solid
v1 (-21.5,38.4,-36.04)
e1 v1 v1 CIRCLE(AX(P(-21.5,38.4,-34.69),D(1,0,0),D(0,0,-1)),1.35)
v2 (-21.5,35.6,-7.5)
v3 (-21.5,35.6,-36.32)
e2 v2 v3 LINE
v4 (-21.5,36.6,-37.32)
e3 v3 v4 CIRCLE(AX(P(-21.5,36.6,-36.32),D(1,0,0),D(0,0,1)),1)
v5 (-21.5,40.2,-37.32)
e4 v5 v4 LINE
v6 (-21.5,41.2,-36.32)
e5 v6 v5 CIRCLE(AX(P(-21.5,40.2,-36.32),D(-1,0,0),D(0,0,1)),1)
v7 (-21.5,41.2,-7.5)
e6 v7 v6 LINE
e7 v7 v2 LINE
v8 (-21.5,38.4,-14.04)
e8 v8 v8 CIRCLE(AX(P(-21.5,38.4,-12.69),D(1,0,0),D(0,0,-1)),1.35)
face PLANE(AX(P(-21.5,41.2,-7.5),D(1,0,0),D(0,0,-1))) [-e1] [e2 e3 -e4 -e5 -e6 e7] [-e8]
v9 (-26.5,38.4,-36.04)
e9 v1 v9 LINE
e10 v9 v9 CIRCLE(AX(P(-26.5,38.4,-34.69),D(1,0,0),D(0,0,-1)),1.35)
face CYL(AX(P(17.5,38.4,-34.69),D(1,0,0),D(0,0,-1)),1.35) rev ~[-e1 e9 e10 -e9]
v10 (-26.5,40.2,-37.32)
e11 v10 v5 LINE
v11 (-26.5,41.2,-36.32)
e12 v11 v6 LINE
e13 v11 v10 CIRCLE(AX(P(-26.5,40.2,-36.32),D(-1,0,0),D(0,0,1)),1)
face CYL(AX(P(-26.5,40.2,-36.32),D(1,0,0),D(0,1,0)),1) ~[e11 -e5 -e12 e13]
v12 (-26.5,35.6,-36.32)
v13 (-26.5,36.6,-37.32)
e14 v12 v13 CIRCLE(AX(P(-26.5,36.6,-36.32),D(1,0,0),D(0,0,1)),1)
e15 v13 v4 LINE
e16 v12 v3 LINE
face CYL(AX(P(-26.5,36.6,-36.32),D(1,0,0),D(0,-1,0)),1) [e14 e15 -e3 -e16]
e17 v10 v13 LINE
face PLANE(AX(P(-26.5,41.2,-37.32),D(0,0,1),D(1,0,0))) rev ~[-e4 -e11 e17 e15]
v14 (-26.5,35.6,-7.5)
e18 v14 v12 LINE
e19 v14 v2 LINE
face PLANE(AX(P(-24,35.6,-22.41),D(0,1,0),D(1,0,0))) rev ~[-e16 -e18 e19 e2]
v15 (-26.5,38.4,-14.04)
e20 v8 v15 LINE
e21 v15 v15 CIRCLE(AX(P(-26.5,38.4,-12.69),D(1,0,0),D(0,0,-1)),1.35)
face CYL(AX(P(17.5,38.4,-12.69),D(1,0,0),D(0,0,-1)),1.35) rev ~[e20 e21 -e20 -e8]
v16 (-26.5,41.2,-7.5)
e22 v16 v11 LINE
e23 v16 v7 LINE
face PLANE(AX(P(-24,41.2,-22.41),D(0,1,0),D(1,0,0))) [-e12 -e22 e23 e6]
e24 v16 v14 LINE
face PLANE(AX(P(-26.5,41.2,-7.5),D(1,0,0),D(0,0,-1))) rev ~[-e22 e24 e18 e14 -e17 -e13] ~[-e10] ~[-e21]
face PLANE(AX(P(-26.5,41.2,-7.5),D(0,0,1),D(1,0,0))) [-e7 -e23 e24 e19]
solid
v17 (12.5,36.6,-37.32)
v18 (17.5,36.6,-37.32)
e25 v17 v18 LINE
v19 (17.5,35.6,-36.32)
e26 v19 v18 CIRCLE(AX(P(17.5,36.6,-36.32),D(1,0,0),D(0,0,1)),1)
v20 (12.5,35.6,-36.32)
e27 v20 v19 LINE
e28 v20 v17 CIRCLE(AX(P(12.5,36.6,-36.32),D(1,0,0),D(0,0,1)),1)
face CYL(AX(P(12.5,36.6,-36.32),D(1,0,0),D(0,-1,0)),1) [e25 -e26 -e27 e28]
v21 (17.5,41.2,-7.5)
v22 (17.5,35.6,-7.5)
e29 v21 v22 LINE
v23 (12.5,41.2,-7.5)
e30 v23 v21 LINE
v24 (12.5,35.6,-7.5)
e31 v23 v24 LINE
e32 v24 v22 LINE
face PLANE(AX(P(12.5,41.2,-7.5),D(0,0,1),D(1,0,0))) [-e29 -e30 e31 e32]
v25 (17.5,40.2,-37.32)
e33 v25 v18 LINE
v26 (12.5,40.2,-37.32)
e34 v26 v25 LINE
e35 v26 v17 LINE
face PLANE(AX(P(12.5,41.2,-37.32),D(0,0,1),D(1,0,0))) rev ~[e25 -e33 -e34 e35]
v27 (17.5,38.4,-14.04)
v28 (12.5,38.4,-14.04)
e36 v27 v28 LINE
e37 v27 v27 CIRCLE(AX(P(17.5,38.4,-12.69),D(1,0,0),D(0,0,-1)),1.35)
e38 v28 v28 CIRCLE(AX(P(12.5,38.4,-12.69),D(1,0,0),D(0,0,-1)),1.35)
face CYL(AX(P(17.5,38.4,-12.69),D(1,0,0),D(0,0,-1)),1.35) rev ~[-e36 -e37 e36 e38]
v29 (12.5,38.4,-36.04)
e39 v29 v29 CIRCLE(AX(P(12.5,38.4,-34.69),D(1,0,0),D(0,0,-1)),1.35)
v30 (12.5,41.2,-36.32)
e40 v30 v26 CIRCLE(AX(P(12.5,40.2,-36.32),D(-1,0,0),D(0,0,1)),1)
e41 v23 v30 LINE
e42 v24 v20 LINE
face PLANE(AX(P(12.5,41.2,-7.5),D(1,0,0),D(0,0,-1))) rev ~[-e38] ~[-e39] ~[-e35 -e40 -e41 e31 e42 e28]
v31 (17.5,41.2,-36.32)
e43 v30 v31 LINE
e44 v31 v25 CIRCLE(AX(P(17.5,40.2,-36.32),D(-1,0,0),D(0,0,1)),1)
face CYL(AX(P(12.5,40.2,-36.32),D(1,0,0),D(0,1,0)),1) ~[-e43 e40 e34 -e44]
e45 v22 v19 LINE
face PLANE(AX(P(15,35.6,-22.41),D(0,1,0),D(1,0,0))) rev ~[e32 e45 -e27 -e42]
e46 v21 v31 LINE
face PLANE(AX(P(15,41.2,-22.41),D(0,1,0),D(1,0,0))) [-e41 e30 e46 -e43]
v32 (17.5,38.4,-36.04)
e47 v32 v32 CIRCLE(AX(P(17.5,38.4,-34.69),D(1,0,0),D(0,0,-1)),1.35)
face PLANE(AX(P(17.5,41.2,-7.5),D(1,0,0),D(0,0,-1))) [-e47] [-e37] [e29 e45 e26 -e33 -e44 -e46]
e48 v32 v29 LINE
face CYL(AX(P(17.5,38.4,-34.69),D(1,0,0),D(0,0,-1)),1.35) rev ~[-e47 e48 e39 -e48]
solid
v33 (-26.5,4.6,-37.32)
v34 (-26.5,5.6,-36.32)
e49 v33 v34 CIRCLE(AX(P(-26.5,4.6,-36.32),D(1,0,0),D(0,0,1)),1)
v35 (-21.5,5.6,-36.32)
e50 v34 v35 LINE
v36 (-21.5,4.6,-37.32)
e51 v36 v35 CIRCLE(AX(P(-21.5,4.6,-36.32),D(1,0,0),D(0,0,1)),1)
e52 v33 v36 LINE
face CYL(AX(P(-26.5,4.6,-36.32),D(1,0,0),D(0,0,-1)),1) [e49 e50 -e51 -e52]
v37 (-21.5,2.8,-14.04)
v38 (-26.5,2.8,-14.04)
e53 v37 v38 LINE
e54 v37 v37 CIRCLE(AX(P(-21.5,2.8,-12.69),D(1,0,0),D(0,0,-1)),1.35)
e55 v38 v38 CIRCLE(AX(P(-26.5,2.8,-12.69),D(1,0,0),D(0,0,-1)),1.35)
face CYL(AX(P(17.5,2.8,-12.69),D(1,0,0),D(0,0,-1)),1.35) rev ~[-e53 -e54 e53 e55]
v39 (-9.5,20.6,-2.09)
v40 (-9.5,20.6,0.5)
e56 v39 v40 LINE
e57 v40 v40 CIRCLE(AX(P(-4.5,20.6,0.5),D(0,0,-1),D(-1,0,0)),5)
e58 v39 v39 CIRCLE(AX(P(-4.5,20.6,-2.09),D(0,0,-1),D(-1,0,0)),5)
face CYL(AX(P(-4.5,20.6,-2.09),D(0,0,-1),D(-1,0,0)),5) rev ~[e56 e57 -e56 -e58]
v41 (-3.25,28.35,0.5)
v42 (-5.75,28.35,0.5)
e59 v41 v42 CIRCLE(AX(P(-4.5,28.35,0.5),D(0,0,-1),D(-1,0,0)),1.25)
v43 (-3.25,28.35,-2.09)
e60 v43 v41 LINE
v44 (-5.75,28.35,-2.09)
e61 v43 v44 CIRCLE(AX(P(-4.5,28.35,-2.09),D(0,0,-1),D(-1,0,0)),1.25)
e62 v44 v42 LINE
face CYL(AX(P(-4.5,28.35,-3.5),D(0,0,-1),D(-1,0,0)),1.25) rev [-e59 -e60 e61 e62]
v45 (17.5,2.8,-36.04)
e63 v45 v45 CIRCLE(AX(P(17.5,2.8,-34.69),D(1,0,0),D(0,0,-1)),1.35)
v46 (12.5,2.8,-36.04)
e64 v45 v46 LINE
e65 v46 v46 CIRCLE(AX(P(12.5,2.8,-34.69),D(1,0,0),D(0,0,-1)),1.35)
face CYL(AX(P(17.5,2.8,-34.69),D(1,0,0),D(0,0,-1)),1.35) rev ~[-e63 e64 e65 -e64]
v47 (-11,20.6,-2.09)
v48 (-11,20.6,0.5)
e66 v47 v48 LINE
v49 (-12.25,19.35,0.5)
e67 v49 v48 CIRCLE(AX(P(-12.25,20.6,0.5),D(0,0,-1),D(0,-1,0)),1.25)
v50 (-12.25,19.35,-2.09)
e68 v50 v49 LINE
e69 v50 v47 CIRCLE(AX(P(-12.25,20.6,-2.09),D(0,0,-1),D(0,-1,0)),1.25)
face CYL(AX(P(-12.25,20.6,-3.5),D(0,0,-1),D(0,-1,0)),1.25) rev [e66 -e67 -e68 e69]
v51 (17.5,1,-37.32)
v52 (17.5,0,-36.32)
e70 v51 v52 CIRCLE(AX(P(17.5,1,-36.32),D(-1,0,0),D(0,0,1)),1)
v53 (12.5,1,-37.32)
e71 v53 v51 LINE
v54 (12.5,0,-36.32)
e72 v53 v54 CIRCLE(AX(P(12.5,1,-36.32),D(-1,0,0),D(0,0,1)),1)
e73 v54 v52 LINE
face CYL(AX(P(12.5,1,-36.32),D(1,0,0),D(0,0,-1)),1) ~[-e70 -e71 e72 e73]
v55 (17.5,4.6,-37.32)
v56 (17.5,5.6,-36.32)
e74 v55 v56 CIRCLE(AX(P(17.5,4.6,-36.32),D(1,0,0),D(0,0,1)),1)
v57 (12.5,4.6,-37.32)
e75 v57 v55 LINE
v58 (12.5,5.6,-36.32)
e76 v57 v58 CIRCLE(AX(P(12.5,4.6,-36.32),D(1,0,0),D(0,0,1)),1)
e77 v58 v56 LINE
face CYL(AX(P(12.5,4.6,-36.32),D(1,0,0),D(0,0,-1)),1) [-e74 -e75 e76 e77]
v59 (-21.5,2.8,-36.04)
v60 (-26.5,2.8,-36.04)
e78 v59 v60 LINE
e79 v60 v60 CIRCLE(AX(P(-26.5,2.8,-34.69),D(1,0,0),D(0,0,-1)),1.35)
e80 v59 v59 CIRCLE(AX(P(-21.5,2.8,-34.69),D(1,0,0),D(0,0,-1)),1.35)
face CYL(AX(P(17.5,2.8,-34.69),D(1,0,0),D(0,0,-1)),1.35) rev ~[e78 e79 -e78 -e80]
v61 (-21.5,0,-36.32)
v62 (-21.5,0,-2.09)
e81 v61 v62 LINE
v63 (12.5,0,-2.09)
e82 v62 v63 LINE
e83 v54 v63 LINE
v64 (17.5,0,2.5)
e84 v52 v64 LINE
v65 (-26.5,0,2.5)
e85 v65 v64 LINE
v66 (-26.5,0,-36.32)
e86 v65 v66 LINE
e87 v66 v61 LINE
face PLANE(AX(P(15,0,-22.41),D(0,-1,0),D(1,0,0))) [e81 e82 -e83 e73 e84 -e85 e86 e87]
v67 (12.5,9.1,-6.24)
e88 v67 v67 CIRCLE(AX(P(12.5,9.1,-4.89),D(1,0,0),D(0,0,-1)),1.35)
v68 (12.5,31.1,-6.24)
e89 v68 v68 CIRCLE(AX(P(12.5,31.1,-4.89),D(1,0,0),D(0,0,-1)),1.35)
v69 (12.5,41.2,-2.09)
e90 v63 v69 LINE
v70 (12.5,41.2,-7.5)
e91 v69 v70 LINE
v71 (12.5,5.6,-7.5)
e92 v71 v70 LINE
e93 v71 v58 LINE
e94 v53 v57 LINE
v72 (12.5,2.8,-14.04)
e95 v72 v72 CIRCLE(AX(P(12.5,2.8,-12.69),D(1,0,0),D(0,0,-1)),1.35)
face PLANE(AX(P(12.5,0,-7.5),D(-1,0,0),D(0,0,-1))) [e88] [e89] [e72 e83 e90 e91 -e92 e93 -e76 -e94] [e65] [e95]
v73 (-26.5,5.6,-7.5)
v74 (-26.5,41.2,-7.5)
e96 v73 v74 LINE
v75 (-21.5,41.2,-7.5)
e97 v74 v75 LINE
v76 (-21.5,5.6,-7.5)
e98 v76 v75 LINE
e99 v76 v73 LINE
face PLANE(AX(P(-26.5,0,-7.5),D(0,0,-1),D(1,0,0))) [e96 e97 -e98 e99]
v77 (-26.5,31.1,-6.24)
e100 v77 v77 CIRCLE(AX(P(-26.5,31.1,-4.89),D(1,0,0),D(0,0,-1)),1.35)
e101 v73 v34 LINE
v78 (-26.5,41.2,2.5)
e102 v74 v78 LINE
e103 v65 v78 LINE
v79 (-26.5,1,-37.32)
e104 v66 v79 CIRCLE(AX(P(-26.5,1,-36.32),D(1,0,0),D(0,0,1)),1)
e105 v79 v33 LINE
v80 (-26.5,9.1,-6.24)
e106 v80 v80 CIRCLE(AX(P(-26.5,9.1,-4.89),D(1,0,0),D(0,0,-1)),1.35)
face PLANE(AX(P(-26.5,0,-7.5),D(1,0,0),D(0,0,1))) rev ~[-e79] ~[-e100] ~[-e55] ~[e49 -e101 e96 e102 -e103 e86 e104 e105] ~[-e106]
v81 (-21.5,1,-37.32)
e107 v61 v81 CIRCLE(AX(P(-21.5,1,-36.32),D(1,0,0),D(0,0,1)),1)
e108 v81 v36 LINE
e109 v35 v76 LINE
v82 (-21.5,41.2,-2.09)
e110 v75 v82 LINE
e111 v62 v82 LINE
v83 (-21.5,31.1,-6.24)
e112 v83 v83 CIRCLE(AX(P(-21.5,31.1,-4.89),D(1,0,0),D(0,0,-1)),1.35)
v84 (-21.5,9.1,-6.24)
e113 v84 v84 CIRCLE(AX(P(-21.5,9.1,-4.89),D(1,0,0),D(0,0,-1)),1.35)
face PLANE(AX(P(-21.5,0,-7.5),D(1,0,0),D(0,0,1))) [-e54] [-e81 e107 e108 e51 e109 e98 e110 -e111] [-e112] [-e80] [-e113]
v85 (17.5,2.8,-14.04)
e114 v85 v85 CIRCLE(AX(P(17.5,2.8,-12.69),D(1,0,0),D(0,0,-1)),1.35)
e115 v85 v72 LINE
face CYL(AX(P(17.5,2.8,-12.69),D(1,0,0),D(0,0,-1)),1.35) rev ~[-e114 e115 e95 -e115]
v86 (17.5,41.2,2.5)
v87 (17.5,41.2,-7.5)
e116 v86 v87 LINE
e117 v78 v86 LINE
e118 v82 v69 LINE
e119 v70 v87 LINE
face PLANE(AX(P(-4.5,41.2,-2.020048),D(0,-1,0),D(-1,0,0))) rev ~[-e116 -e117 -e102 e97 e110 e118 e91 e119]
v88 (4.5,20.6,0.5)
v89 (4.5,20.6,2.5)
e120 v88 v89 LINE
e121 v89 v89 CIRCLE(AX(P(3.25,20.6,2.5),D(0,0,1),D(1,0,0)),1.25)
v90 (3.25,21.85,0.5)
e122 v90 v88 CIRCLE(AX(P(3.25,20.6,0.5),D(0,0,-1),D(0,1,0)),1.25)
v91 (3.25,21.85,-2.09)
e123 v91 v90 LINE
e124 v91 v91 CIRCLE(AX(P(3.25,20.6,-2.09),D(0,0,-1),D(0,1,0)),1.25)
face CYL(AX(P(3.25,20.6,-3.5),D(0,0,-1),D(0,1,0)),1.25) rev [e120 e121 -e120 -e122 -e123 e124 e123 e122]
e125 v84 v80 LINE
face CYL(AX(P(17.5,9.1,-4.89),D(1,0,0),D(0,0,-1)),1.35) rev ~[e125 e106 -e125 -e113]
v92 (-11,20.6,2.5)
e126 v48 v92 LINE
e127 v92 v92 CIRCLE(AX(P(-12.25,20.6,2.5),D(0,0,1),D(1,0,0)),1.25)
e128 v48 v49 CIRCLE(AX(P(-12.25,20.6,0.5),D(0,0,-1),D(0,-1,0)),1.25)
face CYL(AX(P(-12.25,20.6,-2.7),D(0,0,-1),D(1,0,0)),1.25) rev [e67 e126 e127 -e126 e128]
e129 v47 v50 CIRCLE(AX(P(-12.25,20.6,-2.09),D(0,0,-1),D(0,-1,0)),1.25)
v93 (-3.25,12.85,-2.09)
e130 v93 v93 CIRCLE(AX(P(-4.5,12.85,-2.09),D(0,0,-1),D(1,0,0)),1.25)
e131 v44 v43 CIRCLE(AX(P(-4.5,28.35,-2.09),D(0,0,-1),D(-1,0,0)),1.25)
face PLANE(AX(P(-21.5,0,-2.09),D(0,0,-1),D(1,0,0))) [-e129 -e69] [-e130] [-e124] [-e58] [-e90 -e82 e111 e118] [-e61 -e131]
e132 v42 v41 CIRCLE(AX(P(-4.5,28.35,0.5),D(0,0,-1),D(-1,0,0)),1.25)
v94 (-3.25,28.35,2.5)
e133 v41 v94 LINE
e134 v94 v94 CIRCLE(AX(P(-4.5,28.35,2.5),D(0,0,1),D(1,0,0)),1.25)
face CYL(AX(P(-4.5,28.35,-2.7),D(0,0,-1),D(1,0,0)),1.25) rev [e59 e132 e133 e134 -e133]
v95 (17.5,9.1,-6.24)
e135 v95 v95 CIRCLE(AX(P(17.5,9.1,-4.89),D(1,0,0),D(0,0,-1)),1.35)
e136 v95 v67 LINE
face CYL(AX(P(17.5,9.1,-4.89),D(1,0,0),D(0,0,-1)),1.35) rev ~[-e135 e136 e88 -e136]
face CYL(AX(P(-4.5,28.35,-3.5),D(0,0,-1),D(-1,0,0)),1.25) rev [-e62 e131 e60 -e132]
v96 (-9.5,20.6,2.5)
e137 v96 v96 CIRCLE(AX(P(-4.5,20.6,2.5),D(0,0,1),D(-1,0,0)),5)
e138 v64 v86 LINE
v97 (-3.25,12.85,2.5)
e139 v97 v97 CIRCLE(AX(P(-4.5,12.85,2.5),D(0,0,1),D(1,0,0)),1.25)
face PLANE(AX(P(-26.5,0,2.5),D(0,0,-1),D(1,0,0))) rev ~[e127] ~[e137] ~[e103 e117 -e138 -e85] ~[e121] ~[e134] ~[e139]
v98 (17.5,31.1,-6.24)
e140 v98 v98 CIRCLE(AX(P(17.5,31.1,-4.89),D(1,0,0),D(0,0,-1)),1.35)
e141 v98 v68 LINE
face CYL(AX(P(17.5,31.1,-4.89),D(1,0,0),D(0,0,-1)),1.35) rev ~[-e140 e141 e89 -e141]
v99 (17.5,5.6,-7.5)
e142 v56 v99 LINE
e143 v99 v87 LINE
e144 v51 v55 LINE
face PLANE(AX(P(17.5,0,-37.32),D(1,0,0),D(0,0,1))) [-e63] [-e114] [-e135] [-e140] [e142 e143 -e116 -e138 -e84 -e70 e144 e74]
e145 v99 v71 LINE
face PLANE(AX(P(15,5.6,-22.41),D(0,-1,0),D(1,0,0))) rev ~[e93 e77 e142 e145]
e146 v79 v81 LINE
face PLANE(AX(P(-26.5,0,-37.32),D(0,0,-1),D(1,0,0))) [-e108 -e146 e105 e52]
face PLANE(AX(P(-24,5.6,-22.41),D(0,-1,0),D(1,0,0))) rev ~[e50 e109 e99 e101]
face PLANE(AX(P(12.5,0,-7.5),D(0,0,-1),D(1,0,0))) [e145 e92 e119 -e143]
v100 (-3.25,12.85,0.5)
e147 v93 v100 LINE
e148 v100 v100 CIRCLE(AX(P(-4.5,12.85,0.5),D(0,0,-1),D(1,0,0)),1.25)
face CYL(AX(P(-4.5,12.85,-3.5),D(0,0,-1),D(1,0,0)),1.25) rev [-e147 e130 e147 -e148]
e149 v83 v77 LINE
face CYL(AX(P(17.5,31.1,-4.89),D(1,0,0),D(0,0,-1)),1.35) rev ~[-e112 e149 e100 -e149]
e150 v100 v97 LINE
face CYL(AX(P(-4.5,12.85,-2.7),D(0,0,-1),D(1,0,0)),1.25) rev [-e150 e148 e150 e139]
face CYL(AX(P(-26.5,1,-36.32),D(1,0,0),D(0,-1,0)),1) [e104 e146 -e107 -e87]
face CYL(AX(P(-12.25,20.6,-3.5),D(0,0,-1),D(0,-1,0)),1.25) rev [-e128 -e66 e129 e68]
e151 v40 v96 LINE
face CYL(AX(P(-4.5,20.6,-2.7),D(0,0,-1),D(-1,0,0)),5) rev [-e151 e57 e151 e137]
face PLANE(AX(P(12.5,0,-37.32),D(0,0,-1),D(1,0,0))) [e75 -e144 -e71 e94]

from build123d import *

# Parameters (mm, degrees)
BOSS_EXTRUDE1_DEPTH   = 41.2
SKETCH4_R             = 1.349999999999999
SKETCH4_R_2           = 1.3500000000000005
CUT_EXTRUDE3_DEPTH    = 61.74281850556493
SKETCH6_W             = 5.000000000000002
SKETCH6_H             = 29.82
BOSS_EXTRUDE2_DEPTH   = 5.6
SKETCH6_W_2           = 5.0000000000000036
SKETCH6_H_2           = 29.819999999999997
BOSS_EXTRUDE2_2_DEPTH = 5.6
BOSS_EXTRUDE3_DEPTH   = 5.6
SKETCH8_R             = 1.3499999999999985
SKETCH8_R_2           = 1.3499999999999979
SKETCH8_R_3           = 1.3500000000000005
CUT_EXTRUDE5_DEPTH    = 74.60000000000002
FILLET4_R             = 1
FILLET5_R             = 1
FILLET6_R             = 1
FILLET7_R             = 1
SKETCH10_R            = 5.000000000000001
CUT_EXTRUDE7_DEPTH    = 2.9999999999999862
CUT_EXTRUDE8_START    = -3.9999999999999725
SKETCH11_R            = 1.2500000000000004
CUT_EXTRUDE8_DEPTH    = 7.1999999999999575
CIRPATTERN1_COUNT     = 4
BOSS_EXTRUDE4_DEPTH   = 41.2
CUT_EXTRUDE9_START    = -5.199999999999999
SKETCH13_R            = 5.000000000000001
SKETCH13_R_2          = 1.2499999999999998
SKETCH13_R_3          = 1.25
SKETCH13_R_4          = 1.2500000000000004
SKETCH13_R_5          = 1.2499999999999996
CUT_EXTRUDE9_DEPTH    = 5.199999999999999


with BuildPart() as part:
    # Sketch1 → Boss-Extrude1 (new body)
    with BuildSketch(Plane(origin=(0, 0, 0), x_dir=(1, 0, 0), z_dir=(0, 1, 0))):
        Polygon((-21.499999999999943, 2.0899999999999994), (12.500000000000053, 2.0899999999999994), (12.500000000000053, 7.5), (17.500000000000053, 7.500000000000002), (17.500000000000053, 0.5000000000000013), (17.500000000000053, -0.4999999999999987), (-26.499999999999943, -0.49999999999999956), (-26.499999999999943, 0.4999999999999961), (-26.499999999999943, 7.4999999999999964), (-21.499999999999943, 7.4999999999999964), align=None)
    extrude(amount=BOSS_EXTRUDE1_DEPTH)

    # Sketch4 → Cut-Extrude3 (cut, through all)
    with BuildSketch(Plane(origin=(17.500000000000053, 0, 0), x_dir=(0, 0, -1), z_dir=(1, 0, 0))):
        with Locations((4.8900000000000015, 31.099999999999998)):
            Circle(SKETCH4_R)
        with Locations((4.8900000000000015, 9.1)):
            Circle(SKETCH4_R_2)
    extrude(amount=-CUT_EXTRUDE3_DEPTH, mode=Mode.SUBTRACT)

    # Sketch7 → Boss-Extrude3 (add)
    with BuildSketch(Plane.XZ):
        Polygon((17.500000000000053, -7.500000000000002), (12.500000000000053, -7.500000000000001), (12.500000000000057, -37.32000000000001), (17.500000000000057, -37.32), align=None)
        Polygon((-21.499999999999943, -7.4999999999999964), (-26.499999999999943, -7.499999999999997), (-26.499999999999936, -37.32), (-21.49999999999994, -37.31999999999999), align=None)
    extrude(amount=-BOSS_EXTRUDE3_DEPTH)


with BuildPart() as body_2:
    # Sketch6 → Boss-Extrude2 (new body)
    with BuildSketch(Plane(origin=(0, 41.2, 0), x_dir=(1, 0, 0), z_dir=(0, 1, 0))):
        with Locations((15.000000000000053, 22.41)):
            Rectangle(SKETCH6_W, SKETCH6_H)
    extrude(amount=-BOSS_EXTRUDE2_DEPTH)


with BuildPart() as body_3:
    # Sketch6 → Boss-Extrude2 2 (new body)
    with BuildSketch(Plane(origin=(0, 41.2, 0), x_dir=(1, 0, 0), z_dir=(0, 1, 0))):
        with Locations((-23.999999999999943, 22.409999999999997)):
            Rectangle(SKETCH6_W_2, SKETCH6_H_2)
    extrude(amount=-BOSS_EXTRUDE2_2_DEPTH)


with BuildPart() as cut_extrude5_tool:
    # Sketch8 → Cut-Extrude5 (new body)
    with BuildSketch(Plane(origin=(17.500000000000053, 0, 0), x_dir=(0, 0, -1), z_dir=(1, 0, 0))):
        with Locations((34.69, 2.799999999999997)):
            Circle(SKETCH8_R)
        with Locations((34.69, 38.400000000000006)):
            Circle(SKETCH8_R_2)
        with Locations((12.690000000000001, 38.4)):
            Circle(SKETCH8_R_2)
        with Locations((12.690000000000001, 2.799999999999997)):
            Circle(SKETCH8_R_3)
    extrude(amount=-CUT_EXTRUDE5_DEPTH)


with BuildPart() as part_1:
    add(part.part)

    # Cut-Extrude5: cut by cut_extrude5_tool
    add(cut_extrude5_tool.part, mode=Mode.SUBTRACT)

    # Fillet6
    fillet6_edges = [part_1.edges().sort_by_distance(p)[0] for p in [
        (15.000000000000057, 5.6, -37.32000000000001),
        (15.000000000000057, 0, -37.32000000000001),
    ]]
    fillet(fillet6_edges, radius=FILLET6_R)

    # Fillet7
    fillet7_edges = [part_1.edges().sort_by_distance(p)[0] for p in [
        (-23.999999999999936, 5.6, -37.31999999999999),
        (-23.999999999999936, 0, -37.31999999999999),
    ]]
    fillet(fillet7_edges, radius=FILLET7_R)

    # Sketch10 → Cut-Extrude7 (cut)
    with BuildSketch(Plane(origin=(0, 0, -2.0899999999999994), x_dir=(-1, 0, 0), z_dir=(0, 0, -1))):
        with Locations((4.499999999999945, 20.6)):
            Circle(SKETCH10_R)
    extrude(amount=-CUT_EXTRUDE7_DEPTH, mode=Mode.SUBTRACT)

    # Sketch11 → Cut-Extrude8 (cut)
    with BuildSketch(Plane.XY.offset(0.49999999999999906).offset(CUT_EXTRUDE8_START)):
        with Locations(Location((-4.499999999999943, 28.35, 0), (0, 0, 180))):
            Circle(SKETCH11_R)
    cut_extrude8 = extrude(amount=CUT_EXTRUDE8_DEPTH, mode=Mode.SUBTRACT)

    # CirPattern1: Cut-Extrude8 ×4 about axis
    cirpattern1_axis = Axis((-4.499999999999932, 20.600000000000005, 0), (0, 0, 1))
    for i in range(1, CIRPATTERN1_COUNT):
        add(cut_extrude8.rotate(cirpattern1_axis, i * 360 / CIRPATTERN1_COUNT), mode=Mode.SUBTRACT)

    # Sketch12 → Boss-Extrude4 (add)
    with BuildSketch(Plane.XZ):
        Polygon((17.500000000000053, 0.4999999999999987), (-26.499999999999943, 0.4999999999999987), (-26.499999999999943, 2.4999999999999933), (17.500000000000053, 2.4999999999999987), align=None)
    extrude(amount=-BOSS_EXTRUDE4_DEPTH)

    # Sketch13 → Cut-Extrude9 (cut)
    with BuildSketch(Plane.XY.offset(2.4999999999999964).offset(CUT_EXTRUDE9_START)):
        with Locations(Location((-4.499999999999945, 20.6, 0), (0, 0, 180))):
            Circle(SKETCH13_R)
        with Locations((-4.499999999999947, 12.85)):
            Circle(SKETCH13_R_2)
        with Locations((3.2500000000000555, 20.599999999999973)):
            Circle(SKETCH13_R_3)
        with Locations((-4.499999999999943, 28.35)):
            Circle(SKETCH13_R_4)
        with Locations((-12.249999999999945, 20.600000000000083)):
            Circle(SKETCH13_R_5)
    extrude(amount=CUT_EXTRUDE9_DEPTH, mode=Mode.SUBTRACT)


with BuildPart() as body_2_1:
    add(body_2.part)

    # Cut-Extrude5: cut by cut_extrude5_tool
    add(cut_extrude5_tool.part, mode=Mode.SUBTRACT)

    # Fillet5
    fillet5_edges = [body_2_1.edges().sort_by_distance(p)[0] for p in [
        (15.000000000000053, 35.6, -37.32),
        (15.000000000000053, 41.2, -37.32),
    ]]
    fillet(fillet5_edges, radius=FILLET5_R)


with BuildPart() as body_3_1:
    add(body_3.part)

    # Cut-Extrude5: cut by cut_extrude5_tool
    add(cut_extrude5_tool.part, mode=Mode.SUBTRACT)

    # Fillet4
    fillet4_edges = [body_3_1.edges().sort_by_distance(p)[0] for p in [
        (-23.999999999999943, 35.6, -37.31999999999999),
        (-23.999999999999943, 41.2, -37.31999999999999),
    ]]
    fillet(fillet4_edges, radius=FILLET4_R)


solid = Compound([part_1.part, body_2_1.part, body_3_1.part])
